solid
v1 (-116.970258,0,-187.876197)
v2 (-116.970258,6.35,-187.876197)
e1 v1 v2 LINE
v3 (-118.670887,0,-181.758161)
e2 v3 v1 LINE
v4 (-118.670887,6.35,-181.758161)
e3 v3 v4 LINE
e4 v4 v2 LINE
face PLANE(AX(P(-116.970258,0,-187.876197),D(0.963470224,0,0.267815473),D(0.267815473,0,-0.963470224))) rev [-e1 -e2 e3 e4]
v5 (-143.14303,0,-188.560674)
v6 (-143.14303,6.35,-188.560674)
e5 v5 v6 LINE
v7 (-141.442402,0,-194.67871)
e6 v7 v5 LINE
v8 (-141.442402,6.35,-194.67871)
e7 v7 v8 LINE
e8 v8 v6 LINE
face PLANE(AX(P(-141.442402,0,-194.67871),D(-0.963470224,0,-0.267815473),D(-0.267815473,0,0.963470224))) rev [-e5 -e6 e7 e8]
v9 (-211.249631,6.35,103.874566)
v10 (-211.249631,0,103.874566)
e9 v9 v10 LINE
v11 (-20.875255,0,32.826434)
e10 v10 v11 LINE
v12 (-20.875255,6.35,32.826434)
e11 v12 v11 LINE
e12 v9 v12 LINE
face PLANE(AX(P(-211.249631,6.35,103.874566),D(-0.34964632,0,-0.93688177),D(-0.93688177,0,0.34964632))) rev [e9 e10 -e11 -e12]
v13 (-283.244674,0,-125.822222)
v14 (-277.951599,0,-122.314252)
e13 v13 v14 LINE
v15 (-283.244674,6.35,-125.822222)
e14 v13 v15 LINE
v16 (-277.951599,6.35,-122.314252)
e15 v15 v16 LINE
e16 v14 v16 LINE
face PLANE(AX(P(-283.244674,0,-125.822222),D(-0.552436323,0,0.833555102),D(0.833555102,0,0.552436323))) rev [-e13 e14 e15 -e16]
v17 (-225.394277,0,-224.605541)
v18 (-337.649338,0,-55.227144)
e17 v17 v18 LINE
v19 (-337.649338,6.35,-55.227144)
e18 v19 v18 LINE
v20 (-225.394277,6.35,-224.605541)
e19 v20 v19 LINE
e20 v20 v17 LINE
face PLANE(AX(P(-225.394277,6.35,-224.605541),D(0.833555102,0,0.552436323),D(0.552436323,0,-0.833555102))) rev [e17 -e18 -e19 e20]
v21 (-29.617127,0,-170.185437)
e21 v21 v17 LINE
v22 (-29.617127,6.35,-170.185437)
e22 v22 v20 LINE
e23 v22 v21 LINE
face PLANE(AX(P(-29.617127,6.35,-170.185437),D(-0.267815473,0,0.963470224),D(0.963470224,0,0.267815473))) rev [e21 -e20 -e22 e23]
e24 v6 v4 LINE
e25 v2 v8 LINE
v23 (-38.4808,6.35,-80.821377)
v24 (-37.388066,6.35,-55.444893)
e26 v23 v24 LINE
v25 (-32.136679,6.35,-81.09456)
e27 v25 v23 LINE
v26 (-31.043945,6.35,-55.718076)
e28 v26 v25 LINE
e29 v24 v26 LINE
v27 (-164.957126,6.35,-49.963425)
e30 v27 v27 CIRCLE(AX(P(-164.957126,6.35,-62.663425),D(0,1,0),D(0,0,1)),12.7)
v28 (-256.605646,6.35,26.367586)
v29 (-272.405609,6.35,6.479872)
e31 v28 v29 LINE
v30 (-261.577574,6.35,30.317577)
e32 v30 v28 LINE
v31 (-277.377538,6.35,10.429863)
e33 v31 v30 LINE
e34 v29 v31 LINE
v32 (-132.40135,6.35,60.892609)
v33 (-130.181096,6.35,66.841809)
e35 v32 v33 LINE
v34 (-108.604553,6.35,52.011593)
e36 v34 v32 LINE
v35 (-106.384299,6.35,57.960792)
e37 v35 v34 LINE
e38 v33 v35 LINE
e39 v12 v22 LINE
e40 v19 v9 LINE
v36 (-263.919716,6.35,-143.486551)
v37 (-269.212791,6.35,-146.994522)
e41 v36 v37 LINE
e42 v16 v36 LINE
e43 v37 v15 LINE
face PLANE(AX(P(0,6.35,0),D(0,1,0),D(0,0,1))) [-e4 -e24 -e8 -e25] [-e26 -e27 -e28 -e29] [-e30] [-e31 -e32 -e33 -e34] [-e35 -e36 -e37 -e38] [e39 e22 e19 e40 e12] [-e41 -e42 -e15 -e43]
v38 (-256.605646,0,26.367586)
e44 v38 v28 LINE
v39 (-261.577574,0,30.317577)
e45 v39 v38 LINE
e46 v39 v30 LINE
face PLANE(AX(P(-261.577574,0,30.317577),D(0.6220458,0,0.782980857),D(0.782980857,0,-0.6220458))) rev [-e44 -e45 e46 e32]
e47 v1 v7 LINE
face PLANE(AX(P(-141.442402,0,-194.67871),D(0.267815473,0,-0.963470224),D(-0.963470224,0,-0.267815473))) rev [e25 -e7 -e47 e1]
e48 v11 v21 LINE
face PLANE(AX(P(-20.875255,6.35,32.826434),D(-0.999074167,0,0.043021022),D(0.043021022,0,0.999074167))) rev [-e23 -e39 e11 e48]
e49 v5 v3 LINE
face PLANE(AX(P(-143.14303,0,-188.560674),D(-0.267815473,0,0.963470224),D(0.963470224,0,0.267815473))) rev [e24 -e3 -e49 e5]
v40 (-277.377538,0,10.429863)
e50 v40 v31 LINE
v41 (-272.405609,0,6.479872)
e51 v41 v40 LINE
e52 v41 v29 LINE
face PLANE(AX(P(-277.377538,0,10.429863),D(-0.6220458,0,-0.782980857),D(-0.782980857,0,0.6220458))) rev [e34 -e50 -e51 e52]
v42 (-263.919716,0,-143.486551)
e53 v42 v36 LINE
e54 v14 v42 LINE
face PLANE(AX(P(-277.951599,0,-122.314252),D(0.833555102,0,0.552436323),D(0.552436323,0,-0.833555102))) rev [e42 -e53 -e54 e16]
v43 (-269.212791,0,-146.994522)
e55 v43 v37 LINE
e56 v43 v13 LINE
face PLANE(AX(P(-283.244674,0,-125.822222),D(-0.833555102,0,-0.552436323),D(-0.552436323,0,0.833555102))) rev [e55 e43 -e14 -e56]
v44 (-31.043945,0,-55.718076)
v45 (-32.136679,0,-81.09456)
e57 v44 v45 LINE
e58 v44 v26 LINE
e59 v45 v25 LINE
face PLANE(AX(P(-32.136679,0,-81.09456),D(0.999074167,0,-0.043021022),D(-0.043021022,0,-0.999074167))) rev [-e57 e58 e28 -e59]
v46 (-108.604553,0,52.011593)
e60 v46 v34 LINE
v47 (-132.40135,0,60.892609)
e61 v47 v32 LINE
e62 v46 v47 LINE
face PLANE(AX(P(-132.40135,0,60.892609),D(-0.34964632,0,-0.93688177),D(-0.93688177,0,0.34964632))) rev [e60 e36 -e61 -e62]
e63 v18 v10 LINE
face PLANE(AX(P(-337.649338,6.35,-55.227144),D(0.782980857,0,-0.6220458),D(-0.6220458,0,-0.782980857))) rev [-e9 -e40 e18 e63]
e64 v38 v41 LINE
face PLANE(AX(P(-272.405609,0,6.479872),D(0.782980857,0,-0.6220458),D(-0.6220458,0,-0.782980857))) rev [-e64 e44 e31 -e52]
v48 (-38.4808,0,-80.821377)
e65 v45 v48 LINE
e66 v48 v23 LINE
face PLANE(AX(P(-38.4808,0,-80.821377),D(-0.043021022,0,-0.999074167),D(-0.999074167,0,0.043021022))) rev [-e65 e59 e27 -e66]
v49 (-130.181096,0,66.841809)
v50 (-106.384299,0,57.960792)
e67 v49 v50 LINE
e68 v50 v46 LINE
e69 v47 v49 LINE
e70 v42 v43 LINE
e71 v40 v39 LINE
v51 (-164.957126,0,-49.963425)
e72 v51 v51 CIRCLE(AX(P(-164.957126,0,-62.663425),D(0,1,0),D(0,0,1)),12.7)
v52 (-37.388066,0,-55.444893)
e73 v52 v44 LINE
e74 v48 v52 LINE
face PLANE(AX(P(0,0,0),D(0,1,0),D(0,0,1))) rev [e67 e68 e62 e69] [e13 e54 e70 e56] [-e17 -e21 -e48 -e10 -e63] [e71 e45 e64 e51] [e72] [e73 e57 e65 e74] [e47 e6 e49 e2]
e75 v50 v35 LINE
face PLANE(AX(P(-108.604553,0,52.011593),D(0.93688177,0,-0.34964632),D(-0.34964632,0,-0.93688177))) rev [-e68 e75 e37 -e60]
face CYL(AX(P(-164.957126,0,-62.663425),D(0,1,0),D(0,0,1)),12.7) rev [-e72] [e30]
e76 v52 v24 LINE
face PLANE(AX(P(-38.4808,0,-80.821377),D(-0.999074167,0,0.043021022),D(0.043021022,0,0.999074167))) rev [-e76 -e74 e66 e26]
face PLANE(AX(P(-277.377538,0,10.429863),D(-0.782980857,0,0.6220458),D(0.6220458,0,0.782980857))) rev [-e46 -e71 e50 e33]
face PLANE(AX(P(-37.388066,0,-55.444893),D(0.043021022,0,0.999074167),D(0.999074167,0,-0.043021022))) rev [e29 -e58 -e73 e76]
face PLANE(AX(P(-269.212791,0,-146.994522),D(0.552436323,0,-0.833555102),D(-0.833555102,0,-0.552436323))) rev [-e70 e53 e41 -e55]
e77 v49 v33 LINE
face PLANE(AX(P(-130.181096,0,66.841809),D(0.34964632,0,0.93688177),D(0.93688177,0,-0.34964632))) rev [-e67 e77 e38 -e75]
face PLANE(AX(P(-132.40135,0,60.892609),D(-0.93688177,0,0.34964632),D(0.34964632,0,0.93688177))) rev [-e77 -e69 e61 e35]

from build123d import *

# Parameters (mm, degrees)
BOSS_EXTRUDE1_DEPTH = 6.35
CUT_EXTRUDE1_DEPTH  = 7.35
SKETCH3_R           = 12.7
CUT_EXTRUDE2_DEPTH  = 7.35


with BuildPart() as part:
    # Sketch1 → Boss-Extrude1 (new body)
    with BuildSketch(Plane(origin=(0, 0, 0), x_dir=(1, 0, 0), z_dir=(0, 1, 0))):
        Polygon((-20.875255467, -32.826433561), (-29.617127229, 170.18543722), (-225.394276758, 224.605541248), (-337.649337625, 55.227144427), (-211.249631122, -103.874565796), align=None)
    extrude(amount=BOSS_EXTRUDE1_DEPTH)

    # Sketch2 → Cut-Extrude1 (cut, through all)
    with BuildSketch(Plane(origin=(0, 6.35, 0), x_dir=(1, 0, 0), z_dir=(0, 1, 0))):
        Polygon((-132.401350038, -60.892609465), (-108.604553081, -52.011592936), (-106.384298948, -57.960792175), (-130.181095905, -66.841808704), align=None)
        Polygon((-277.377537586, -10.429862968), (-261.577574273, -30.317576745), (-256.605645828, -26.367585917), (-272.405609141, -6.479872139), align=None)
        Polygon((-283.244673595, 125.822222384), (-277.951598695, 122.314251732), (-263.919716086, 143.486551334), (-269.212790987, 146.994521986), align=None)
        Polygon((-141.44240209, 194.678709813), (-116.970258399, 187.876196809), (-118.67088665, 181.758160887), (-143.143030341, 188.56067389), align=None)
        Polygon((-38.480800257, 80.821376768), (-32.136679295, 81.094560261), (-31.043945325, 55.718076413), (-37.388066287, 55.444892921), align=None)
    extrude(amount=-CUT_EXTRUDE1_DEPTH, mode=Mode.SUBTRACT)

    # Sketch3 → Cut-Extrude2 (cut, through all)
    with BuildSketch(Plane(origin=(0, 6.35, 0), x_dir=(1, 0, 0), z_dir=(0, 1, 0))):
        with Locations((-164.95712564, 62.663424707)):
            Circle(SKETCH3_R)
    extrude(amount=-CUT_EXTRUDE2_DEPTH, mode=Mode.SUBTRACT)


solid = part.part
